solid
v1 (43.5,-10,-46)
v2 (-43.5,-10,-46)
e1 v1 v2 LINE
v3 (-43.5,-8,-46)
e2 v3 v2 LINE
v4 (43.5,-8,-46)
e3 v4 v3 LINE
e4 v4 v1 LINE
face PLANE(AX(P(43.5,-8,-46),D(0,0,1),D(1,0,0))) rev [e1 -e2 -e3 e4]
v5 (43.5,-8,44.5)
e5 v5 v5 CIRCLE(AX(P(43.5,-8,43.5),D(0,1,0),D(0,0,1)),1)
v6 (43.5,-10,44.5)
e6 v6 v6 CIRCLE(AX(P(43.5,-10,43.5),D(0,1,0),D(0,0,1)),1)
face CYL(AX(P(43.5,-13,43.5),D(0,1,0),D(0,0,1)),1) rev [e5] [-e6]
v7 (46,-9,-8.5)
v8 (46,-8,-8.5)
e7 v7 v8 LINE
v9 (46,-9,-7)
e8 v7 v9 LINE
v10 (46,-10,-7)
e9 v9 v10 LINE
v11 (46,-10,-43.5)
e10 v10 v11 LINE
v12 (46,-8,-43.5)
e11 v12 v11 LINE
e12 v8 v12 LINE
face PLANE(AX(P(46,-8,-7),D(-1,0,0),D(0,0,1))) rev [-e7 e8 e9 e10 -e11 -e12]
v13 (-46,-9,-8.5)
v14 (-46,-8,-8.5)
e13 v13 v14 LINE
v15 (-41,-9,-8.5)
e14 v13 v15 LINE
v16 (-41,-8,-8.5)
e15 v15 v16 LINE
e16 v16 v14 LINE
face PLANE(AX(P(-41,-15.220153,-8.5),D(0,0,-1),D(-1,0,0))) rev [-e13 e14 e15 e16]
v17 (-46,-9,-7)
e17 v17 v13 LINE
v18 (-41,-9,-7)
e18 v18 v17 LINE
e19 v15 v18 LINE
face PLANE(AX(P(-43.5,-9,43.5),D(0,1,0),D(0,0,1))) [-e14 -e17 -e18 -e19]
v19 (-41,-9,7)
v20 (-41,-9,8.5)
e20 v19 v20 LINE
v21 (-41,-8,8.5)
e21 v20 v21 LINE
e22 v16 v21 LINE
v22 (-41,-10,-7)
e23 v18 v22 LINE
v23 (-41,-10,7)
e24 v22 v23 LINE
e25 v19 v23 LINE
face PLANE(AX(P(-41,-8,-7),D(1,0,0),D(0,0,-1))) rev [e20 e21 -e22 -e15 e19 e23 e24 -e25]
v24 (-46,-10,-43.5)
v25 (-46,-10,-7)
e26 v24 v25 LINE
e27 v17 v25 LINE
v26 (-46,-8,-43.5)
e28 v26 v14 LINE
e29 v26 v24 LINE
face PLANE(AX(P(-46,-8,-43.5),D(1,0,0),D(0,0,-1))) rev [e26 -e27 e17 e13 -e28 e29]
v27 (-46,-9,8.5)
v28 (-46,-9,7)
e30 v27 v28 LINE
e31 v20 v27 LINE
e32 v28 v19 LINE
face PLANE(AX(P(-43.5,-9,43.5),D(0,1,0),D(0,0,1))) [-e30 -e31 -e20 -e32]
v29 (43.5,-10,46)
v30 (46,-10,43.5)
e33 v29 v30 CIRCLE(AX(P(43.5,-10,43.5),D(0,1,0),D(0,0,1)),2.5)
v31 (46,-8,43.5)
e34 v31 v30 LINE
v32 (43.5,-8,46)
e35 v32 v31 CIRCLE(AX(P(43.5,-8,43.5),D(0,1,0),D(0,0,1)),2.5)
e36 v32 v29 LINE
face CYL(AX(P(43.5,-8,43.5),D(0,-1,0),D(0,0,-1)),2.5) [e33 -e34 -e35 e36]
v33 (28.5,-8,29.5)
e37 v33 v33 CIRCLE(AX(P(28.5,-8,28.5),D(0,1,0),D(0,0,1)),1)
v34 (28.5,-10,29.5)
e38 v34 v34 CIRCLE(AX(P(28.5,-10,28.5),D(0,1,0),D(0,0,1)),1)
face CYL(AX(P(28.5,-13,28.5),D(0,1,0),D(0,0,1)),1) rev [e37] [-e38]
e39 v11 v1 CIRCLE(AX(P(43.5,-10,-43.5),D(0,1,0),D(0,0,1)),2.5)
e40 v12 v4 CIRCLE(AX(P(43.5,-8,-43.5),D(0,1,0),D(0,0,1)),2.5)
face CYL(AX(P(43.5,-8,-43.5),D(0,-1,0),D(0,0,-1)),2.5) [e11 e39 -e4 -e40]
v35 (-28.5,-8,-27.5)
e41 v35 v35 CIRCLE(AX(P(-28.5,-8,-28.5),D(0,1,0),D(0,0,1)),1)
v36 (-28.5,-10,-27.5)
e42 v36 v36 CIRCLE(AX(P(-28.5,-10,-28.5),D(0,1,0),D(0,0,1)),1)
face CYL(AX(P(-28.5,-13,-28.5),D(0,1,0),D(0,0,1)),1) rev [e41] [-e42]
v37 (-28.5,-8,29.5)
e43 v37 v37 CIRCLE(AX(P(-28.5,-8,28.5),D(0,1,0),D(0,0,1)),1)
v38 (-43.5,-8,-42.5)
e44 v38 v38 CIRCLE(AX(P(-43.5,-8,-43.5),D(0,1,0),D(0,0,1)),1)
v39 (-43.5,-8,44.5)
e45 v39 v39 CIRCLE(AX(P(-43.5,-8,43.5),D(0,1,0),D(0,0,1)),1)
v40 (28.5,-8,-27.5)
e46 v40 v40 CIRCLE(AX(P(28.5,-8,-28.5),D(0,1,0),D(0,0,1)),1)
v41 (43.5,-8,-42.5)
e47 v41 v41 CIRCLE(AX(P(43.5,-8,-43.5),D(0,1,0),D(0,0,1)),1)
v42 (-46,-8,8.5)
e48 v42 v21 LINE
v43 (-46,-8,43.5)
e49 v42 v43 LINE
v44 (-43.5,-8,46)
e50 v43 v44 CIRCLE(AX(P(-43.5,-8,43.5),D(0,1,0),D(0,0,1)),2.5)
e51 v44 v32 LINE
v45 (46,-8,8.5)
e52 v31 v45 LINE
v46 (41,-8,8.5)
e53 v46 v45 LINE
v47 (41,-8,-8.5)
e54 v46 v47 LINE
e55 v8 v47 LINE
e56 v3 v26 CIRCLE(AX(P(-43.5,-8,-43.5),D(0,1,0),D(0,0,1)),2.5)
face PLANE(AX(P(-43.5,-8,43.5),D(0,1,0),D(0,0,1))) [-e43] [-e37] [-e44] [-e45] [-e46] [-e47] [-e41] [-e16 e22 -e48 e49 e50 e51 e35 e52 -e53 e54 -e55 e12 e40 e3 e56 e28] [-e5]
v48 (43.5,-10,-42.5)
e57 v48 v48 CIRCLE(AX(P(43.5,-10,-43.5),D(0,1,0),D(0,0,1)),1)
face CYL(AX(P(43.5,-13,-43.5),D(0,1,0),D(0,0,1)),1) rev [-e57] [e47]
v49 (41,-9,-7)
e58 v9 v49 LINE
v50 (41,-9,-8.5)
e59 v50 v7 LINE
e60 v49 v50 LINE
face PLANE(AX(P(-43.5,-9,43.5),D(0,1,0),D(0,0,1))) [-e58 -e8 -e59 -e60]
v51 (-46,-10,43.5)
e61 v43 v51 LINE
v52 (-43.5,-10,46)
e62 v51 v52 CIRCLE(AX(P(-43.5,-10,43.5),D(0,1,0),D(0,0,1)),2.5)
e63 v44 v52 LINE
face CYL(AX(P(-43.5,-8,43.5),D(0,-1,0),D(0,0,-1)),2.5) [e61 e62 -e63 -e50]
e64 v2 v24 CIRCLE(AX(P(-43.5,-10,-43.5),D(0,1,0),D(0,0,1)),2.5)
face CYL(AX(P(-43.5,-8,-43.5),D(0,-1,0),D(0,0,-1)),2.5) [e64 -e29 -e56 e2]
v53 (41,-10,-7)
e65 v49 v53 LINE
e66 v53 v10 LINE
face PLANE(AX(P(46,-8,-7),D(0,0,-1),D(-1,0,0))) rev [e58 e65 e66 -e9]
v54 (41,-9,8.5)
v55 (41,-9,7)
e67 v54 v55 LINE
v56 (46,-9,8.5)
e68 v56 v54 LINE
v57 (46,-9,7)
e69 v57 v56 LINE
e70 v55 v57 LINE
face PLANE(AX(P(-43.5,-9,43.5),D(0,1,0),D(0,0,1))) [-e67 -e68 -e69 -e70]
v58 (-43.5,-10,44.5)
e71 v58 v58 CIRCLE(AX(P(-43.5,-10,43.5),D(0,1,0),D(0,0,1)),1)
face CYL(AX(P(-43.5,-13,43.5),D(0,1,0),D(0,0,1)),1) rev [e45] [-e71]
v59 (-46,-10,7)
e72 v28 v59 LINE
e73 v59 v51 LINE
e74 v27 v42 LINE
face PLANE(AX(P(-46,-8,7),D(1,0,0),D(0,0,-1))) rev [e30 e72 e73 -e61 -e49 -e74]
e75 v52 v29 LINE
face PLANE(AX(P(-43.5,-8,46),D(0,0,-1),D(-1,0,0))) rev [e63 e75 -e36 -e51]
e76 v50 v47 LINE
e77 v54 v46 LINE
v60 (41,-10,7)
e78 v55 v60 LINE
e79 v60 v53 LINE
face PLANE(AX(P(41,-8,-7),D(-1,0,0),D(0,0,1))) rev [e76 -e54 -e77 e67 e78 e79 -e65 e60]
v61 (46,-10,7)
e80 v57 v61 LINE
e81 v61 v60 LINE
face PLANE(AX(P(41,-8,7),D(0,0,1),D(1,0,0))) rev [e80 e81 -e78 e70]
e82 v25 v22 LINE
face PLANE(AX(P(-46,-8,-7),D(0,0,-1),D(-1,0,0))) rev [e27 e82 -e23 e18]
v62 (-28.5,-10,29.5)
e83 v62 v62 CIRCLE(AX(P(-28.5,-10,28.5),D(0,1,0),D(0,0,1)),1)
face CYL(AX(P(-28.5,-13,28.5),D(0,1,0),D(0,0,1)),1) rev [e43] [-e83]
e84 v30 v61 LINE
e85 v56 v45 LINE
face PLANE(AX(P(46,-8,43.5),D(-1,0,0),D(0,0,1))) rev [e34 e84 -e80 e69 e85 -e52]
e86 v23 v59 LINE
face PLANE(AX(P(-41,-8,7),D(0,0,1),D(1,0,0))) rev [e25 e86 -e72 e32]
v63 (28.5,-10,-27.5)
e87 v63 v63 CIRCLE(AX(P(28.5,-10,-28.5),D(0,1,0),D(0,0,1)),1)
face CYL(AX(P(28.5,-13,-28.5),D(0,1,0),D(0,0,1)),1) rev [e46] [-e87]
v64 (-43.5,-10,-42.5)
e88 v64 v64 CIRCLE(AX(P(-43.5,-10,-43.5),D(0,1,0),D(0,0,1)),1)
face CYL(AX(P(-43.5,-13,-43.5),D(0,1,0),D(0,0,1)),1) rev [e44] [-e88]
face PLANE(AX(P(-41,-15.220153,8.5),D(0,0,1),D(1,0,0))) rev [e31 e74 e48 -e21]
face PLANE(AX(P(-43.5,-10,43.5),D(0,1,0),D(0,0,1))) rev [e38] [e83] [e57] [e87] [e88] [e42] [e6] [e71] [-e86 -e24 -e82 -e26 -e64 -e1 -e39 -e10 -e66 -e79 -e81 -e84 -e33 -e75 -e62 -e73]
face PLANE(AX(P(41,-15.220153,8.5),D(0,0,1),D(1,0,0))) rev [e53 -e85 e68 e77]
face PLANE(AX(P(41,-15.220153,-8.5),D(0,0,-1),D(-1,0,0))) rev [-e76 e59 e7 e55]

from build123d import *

# Parameters (mm, degrees)
BOSS_EXTRUDE1_DEPTH = 2
SKETCH7_W           = 5
SKETCH7_H           = 1.5
CUT_EXTRUDE1_DEPTH  = 1
SKETCH8_R           = 1
CUT_EXTRUDE2_DEPTH  = 5


with BuildPart() as part:
    # Sketch6 → Boss-Extrude1 (new body)
    with BuildSketch(Plane(origin=(0, -10, 0), x_dir=(1, 0, 0), z_dir=(0, 1, 0))):
        with BuildLine():
            Line((-46, -7), (-46, -43.5))
            ThreePointArc((-46, -43.5), (-45.267766953, -45.267766953), (-43.5, -46))
            Line((-43.5, -46), (43.5, -46))
            ThreePointArc((43.5, -46), (45.267766953, -45.267766953), (46, -43.5))
            Line((46, -43.5), (46, -7))
            Line((46, -7), (41, -7))
            Line((41, -7), (41, 7))
            Line((41, 7), (46, 7))
            Line((46, 7), (46, 43.5))
            ThreePointArc((46, 43.5), (45.267766953, 45.267766953), (43.5, 46))
            Line((43.5, 46), (-43.5, 46))
            ThreePointArc((-43.5, 46), (-45.267766953, 45.267766953), (-46, 43.5))
            Line((-46, 43.5), (-46, 7))
            Line((-46, 7), (-41, 7))
            Line((-41, 7), (-41, -7))
            Line((-41, -7), (-46, -7))
        make_face()
    extrude(amount=BOSS_EXTRUDE1_DEPTH)

    # Sketch7 → Cut-Extrude1 (cut)
    with BuildSketch(Plane(origin=(0, -8, 0), x_dir=(1, 0, 0), z_dir=(0, 1, 0))):
        with Locations((-43.5, 7.75)):
            Rectangle(SKETCH7_W, SKETCH7_H)
        with Locations((-43.5, -7.75)):
            Rectangle(SKETCH7_W, SKETCH7_H)
        with Locations((43.5, -7.75)):
            Rectangle(SKETCH7_W, SKETCH7_H)
        with Locations((43.5, 7.75)):
            Rectangle(SKETCH7_W, SKETCH7_H)
    extrude(amount=-CUT_EXTRUDE1_DEPTH, mode=Mode.SUBTRACT)

    # Sketch8 → Cut-Extrude2 (cut)
    with BuildSketch(Plane(origin=(0, -8, 0), x_dir=(1, 0, 0), z_dir=(0, 1, 0))):
        with Locations(Location((-43.5, 43.5, 0), (0, 0, 270))):
            Circle(SKETCH8_R)
        with Locations(Location((43.5, 43.5, 0), (0, 0, 270))):
            Circle(SKETCH8_R)
        with Locations(Location((-43.5, -43.5, 0), (0, 0, 270))):
            Circle(SKETCH8_R)
        with Locations(Location((43.5, -43.5, 0), (0, 0, 270))):
            Circle(SKETCH8_R)
        with Locations(Location((-28.5, 28.5, 0), (0, 0, 270))):
            Circle(SKETCH8_R)
        with Locations(Location((28.5, 28.5, 0), (0, 0, 270))):
            Circle(SKETCH8_R)
        with Locations(Location((-28.5, -28.5, 0), (0, 0, 270))):
            Circle(SKETCH8_R)
        with Locations(Location((28.5, -28.5, 0), (0, 0, 270))):
            Circle(SKETCH8_R)
    extrude(amount=-CUT_EXTRUDE2_DEPTH, mode=Mode.SUBTRACT)


solid = part.part
